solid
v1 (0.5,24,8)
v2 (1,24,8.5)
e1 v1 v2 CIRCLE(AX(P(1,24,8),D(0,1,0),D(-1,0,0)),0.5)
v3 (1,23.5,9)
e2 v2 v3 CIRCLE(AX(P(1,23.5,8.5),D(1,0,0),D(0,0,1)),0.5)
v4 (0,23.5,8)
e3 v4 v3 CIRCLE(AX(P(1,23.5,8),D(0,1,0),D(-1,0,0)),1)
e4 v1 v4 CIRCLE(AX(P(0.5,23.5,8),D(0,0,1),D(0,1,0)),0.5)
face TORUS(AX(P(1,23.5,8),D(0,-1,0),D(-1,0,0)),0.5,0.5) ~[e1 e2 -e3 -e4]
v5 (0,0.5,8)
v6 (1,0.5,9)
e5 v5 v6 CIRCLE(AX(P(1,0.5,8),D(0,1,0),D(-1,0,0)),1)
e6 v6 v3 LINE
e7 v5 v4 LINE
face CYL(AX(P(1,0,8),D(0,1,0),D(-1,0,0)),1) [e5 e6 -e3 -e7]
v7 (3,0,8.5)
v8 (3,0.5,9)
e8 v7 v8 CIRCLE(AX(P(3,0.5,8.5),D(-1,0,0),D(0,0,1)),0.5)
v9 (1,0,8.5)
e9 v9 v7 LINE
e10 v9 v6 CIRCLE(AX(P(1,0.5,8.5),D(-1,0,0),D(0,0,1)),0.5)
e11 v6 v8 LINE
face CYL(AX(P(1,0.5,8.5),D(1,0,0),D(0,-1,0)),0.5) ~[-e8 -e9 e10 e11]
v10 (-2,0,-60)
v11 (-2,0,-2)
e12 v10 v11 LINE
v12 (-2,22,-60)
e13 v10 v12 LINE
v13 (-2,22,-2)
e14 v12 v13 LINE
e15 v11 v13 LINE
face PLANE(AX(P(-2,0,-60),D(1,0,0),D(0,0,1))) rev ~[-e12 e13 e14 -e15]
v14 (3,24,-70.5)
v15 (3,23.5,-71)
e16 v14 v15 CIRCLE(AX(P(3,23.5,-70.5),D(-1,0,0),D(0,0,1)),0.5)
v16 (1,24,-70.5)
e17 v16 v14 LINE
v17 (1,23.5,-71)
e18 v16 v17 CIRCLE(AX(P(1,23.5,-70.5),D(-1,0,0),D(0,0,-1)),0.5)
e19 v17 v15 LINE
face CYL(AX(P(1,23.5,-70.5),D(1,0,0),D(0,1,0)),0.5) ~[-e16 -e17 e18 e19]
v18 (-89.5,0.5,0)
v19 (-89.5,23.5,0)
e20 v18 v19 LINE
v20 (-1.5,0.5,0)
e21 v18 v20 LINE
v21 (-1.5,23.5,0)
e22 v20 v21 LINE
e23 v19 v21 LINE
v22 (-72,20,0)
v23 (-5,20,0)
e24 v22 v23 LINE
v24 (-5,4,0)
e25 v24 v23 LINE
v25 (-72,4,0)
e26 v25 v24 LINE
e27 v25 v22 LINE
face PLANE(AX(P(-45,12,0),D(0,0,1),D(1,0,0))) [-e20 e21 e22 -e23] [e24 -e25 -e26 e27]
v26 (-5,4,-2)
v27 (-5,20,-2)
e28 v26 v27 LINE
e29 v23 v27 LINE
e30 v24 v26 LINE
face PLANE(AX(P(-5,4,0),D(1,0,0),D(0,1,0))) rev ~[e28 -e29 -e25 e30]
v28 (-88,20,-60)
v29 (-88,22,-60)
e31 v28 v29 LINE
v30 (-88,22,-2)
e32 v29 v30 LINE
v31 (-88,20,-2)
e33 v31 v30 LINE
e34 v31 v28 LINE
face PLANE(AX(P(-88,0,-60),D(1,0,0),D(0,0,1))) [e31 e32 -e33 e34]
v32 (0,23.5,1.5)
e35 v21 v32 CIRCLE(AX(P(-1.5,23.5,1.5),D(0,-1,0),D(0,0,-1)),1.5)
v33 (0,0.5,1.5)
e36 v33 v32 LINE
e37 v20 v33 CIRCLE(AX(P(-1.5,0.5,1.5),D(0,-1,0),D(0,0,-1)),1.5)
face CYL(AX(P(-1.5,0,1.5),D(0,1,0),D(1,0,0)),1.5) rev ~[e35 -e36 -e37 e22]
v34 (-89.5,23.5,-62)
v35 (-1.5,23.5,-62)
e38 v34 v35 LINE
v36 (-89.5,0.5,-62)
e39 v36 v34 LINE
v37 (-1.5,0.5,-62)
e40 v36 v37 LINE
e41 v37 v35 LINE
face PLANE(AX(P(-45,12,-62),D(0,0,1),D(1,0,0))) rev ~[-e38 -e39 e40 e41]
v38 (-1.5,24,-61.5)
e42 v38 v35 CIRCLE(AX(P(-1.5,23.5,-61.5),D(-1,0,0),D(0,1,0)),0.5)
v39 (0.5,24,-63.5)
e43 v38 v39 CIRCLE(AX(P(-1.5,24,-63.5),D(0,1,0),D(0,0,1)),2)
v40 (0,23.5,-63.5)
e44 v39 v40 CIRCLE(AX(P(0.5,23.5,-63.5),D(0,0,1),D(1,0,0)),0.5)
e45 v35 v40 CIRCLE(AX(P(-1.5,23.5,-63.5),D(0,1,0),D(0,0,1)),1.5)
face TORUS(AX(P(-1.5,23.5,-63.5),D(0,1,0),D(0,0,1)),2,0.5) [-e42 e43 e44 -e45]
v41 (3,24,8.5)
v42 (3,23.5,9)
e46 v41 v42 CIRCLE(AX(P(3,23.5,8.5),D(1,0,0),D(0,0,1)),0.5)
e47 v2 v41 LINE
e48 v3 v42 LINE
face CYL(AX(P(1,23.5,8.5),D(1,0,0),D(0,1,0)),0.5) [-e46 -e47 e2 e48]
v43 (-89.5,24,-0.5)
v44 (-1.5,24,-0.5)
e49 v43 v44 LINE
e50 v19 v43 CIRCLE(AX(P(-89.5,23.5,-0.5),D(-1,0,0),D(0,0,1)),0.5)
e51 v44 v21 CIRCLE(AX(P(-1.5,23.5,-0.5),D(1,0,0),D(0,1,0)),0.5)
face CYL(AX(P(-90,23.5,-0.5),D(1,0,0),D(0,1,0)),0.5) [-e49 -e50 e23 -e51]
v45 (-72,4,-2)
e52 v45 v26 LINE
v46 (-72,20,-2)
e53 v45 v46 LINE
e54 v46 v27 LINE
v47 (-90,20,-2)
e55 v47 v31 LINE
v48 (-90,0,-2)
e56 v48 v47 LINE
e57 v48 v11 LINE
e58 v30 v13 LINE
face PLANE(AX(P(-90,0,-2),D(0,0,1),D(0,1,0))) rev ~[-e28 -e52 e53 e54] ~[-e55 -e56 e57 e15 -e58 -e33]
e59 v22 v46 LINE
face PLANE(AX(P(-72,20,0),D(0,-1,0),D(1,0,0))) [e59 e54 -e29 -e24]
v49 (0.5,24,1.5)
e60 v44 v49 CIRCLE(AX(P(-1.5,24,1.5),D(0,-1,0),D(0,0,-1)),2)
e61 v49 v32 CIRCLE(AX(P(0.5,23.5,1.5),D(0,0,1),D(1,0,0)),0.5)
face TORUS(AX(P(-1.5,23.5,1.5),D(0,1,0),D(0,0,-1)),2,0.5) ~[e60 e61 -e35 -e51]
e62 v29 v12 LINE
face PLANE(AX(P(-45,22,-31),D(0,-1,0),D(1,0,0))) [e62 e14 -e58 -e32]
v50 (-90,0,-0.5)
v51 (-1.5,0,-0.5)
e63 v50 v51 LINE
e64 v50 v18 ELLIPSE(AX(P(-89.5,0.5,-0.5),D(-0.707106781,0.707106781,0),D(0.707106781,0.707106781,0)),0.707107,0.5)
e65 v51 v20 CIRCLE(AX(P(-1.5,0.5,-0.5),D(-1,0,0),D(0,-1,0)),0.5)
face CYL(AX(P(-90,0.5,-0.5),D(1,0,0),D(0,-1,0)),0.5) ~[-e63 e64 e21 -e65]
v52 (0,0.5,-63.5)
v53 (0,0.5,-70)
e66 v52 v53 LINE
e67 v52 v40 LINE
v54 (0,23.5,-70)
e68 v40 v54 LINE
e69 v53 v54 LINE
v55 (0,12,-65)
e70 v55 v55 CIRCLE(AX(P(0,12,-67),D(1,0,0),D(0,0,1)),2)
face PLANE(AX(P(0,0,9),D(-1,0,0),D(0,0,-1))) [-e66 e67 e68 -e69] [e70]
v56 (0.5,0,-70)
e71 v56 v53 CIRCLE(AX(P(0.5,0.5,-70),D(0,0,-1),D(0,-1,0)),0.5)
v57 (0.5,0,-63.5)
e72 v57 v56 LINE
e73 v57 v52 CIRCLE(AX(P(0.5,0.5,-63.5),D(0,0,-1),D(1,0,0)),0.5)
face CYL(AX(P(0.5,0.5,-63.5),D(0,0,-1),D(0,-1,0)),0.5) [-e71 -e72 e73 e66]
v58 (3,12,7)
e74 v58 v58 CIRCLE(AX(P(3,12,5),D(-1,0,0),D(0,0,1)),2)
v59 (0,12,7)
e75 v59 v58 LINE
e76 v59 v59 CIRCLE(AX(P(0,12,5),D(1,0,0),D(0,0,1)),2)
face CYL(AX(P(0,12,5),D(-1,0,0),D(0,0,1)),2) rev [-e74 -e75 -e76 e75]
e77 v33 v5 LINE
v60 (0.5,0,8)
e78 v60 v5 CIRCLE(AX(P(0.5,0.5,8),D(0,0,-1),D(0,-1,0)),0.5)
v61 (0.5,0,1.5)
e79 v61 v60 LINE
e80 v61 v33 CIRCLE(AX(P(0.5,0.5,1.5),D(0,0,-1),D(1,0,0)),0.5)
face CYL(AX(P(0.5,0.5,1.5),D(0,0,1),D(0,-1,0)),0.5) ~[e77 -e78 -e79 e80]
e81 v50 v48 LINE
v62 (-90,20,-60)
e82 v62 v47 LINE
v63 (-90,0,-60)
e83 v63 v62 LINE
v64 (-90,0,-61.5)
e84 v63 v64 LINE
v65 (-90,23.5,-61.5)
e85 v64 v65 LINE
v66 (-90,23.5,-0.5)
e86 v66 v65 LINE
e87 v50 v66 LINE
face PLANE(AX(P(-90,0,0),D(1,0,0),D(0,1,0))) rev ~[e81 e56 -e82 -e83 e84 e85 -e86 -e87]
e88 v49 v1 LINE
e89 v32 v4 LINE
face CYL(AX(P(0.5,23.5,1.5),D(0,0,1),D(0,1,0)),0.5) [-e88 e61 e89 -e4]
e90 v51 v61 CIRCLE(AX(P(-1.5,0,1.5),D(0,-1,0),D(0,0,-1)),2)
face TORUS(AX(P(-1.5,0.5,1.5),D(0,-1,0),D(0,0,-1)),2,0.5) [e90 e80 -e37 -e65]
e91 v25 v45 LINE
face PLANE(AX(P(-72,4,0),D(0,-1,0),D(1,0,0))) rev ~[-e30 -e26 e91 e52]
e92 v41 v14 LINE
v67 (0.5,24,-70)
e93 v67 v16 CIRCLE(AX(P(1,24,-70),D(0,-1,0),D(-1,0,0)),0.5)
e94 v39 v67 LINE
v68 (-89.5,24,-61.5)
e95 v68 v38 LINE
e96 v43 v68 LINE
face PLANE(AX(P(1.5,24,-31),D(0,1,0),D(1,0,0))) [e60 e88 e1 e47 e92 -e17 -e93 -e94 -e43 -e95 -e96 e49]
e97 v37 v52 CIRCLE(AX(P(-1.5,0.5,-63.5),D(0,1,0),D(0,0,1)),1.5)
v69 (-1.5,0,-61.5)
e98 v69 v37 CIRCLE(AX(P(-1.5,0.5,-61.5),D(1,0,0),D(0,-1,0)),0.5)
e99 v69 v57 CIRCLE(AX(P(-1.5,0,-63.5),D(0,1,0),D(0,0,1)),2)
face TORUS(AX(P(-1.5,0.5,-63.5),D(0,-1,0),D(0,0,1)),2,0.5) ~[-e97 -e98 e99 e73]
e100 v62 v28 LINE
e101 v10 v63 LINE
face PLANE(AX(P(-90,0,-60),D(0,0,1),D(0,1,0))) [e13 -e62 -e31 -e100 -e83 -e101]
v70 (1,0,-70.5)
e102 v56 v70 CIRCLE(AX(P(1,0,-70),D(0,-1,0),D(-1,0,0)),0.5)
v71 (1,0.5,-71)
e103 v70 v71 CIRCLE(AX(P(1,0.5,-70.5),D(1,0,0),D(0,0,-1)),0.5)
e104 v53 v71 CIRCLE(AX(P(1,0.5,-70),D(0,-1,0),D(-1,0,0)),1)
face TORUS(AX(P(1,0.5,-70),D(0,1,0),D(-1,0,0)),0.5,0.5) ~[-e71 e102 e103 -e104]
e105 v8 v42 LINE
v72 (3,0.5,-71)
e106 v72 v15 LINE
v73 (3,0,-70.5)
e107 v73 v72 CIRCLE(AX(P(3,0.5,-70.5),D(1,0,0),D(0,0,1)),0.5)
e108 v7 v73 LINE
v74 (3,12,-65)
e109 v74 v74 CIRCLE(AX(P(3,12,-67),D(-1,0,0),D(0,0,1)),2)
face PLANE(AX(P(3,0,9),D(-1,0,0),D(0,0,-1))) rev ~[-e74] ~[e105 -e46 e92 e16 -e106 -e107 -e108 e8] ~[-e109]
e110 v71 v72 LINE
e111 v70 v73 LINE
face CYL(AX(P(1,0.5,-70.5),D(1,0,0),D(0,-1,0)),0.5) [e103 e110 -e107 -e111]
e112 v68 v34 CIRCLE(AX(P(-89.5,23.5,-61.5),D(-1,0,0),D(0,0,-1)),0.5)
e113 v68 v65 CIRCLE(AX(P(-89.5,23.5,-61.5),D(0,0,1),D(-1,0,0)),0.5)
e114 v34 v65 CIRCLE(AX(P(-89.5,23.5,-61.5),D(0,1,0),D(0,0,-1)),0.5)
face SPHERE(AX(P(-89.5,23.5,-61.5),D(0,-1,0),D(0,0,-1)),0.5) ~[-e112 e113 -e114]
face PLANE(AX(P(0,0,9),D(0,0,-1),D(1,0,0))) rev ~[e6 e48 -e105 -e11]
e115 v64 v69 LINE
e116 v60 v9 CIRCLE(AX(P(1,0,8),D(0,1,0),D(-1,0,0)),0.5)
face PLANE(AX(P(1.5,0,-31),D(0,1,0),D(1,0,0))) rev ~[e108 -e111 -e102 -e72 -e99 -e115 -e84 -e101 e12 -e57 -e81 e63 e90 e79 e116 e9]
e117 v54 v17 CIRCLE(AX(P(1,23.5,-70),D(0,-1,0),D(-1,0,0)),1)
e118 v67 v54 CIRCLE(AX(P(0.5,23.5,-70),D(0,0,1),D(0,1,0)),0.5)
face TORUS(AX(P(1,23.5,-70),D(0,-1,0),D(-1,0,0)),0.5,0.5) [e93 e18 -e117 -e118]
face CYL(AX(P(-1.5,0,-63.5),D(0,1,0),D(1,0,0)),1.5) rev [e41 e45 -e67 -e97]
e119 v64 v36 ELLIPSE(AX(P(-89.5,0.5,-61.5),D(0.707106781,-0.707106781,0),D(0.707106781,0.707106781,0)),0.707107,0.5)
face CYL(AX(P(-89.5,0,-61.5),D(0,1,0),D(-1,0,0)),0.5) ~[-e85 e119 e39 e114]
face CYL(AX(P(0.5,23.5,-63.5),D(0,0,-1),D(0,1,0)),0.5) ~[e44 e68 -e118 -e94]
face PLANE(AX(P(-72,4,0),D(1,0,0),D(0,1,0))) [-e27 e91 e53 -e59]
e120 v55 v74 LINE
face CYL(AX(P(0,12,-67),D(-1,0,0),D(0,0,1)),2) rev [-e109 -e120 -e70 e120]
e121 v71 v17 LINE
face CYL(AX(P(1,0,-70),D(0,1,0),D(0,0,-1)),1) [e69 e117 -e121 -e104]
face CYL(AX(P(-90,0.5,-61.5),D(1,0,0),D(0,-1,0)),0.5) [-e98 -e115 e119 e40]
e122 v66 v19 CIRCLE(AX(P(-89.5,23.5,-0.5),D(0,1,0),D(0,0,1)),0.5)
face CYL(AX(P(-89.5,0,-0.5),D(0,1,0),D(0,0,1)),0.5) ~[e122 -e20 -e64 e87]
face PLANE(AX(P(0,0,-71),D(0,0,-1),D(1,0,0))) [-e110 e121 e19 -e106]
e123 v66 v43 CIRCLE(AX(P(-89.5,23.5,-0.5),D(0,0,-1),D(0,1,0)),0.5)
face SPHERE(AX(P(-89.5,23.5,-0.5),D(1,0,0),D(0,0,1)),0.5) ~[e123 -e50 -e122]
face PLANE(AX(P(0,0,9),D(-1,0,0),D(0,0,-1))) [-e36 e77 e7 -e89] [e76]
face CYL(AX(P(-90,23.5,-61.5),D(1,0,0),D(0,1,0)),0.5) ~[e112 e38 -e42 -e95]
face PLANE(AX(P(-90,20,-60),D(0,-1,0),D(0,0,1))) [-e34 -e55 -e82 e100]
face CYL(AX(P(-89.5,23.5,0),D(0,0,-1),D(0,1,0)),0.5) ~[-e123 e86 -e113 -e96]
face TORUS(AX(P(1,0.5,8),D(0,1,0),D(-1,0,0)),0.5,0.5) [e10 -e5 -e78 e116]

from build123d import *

# Parameters (mm, degrees)
SKIZZE1_W                       = 90
SKIZZE1_H                       = 24
AUFSATZ_LINEAR_AUSTRAGEN1_DEPTH = 62
SKIZZE2_W                       = 86
SKIZZE2_H                       = 58
SCHNITT_LINEAR_AUSTRAGEN1_DEPTH = 22
SKIZZE3_W                       = 58
SKIZZE3_H                       = 20
SCHNITT_LINEAR_AUSTRAGEN2_DEPTH = 5
SKIZZE4_W                       = 67
SKIZZE4_H                       = 16
SCHNITT_LINEAR_AUSTRAGEN3_DEPTH = 50
SKIZZE6_W                       = 3
SKIZZE6_H                       = 80
AUFSATZ_LINEAR_AUSTRAGEN2_DEPTH = 24
SKIZZE5_R                       = 2
SCHNITT_LINEAR_AUSTRAGEN6_DEPTH = 24
VERRUNDUNG1_R                   = 1.5
VERRUNDUNG2_R                   = 1
VERRUNDUNG3_R                   = 0.5


with BuildPart() as part:
    # Skizze1 → Aufsatz-Linear austragen1 (new body)
    with BuildSketch(Plane.XY):
        with Locations((-45, 12)):
            Rectangle(SKIZZE1_W, SKIZZE1_H)
    extrude(amount=-AUFSATZ_LINEAR_AUSTRAGEN1_DEPTH)

    # Skizze2 → Schnitt-Linear austragen1 (cut)
    with BuildSketch(Plane.XZ):
        with Locations((-45, -31)):
            Rectangle(SKIZZE2_W, SKIZZE2_H)
    extrude(amount=-SCHNITT_LINEAR_AUSTRAGEN1_DEPTH, mode=Mode.SUBTRACT)

    # Skizze3 → Schnitt-Linear austragen2 (cut)
    with BuildSketch(Plane.ZY.offset(90)):
        with Locations((-31, 10)):
            Rectangle(SKIZZE3_W, SKIZZE3_H)
    extrude(amount=-SCHNITT_LINEAR_AUSTRAGEN2_DEPTH, mode=Mode.SUBTRACT)

    # Skizze4 → Schnitt-Linear austragen3 (cut)
    with BuildSketch(Plane.XY):
        with Locations((-38.5, 12)):
            Rectangle(SKIZZE4_W, SKIZZE4_H)
    extrude(amount=-SCHNITT_LINEAR_AUSTRAGEN3_DEPTH, mode=Mode.SUBTRACT)

    # Skizze6 → Aufsatz-Linear austragen2 (add)
    with BuildSketch(Plane(origin=(0, 0, 0), x_dir=(1, 0, 0), z_dir=(0, 1, 0))):
        with Locations((1.5, 31)):
            Rectangle(SKIZZE6_W, SKIZZE6_H)
    extrude(amount=AUFSATZ_LINEAR_AUSTRAGEN2_DEPTH)

    # Skizze5 → Schnitt-Linear austragen6 (cut)
    with BuildSketch(Plane(origin=(0, 0, 0), x_dir=(0, 0, -1), z_dir=(1, 0, 0))):
        with Locations(Location((67, 12, 0), (0, 0, 180))):
            Circle(SKIZZE5_R)
        with Locations(Location((-5, 12, 0), (0, 0, 180))):
            Circle(SKIZZE5_R)
    extrude(amount=SCHNITT_LINEAR_AUSTRAGEN6_DEPTH, mode=Mode.SUBTRACT)

    # Verrundung1
    verrundung1_edges = [part.edges().sort_by_distance(p)[0] for p in [
        (0, 12, -62),
        (0, 12, 0),
    ]]
    fillet(verrundung1_edges, radius=VERRUNDUNG1_R)

    # Verrundung2
    verrundung2_edges = [part.edges().sort_by_distance(p)[0] for p in [
        (0, 12, -71),
        (0, 12, 9),
    ]]
    fillet(verrundung2_edges, radius=VERRUNDUNG2_R)

    # Verrundung3
    verrundung3_edges = [part.edges().sort_by_distance(p)[0] for p in [
        (-90, 12, -62),
        (-45.75, 0, -62),
        (0, 0, -66.75),
        (0, 24, -66.75),
        (2, 0, 9),
        (0.292893219, 0, 8.707106781),
        (0.292893219, 0, -70.707106781),
        (2, 24, 9),
        (0.292893219, 24, 8.707106781),
        (0.292893219, 24, -70.707106781),
        (-45.75, 0, 0),
        (-90, 12, 0),
        (2, 0, -71),
        (2, 24, -71),
        (-90, 24, -31),
        (-45.75, 24, 0),
        (0, 0, 4.75),
        (0, 24, 4.75),
        (-45.75, 24, -62),
        (-0.439339828, 24, 0.439339828),
        (-0.439339828, 0, 0.439339828),
        (-0.439339828, 24, -62.439339828),
        (-0.439339828, 0, -62.439339828),
    ]]
    fillet(verrundung3_edges, radius=VERRUNDUNG3_R)


solid = part.part
